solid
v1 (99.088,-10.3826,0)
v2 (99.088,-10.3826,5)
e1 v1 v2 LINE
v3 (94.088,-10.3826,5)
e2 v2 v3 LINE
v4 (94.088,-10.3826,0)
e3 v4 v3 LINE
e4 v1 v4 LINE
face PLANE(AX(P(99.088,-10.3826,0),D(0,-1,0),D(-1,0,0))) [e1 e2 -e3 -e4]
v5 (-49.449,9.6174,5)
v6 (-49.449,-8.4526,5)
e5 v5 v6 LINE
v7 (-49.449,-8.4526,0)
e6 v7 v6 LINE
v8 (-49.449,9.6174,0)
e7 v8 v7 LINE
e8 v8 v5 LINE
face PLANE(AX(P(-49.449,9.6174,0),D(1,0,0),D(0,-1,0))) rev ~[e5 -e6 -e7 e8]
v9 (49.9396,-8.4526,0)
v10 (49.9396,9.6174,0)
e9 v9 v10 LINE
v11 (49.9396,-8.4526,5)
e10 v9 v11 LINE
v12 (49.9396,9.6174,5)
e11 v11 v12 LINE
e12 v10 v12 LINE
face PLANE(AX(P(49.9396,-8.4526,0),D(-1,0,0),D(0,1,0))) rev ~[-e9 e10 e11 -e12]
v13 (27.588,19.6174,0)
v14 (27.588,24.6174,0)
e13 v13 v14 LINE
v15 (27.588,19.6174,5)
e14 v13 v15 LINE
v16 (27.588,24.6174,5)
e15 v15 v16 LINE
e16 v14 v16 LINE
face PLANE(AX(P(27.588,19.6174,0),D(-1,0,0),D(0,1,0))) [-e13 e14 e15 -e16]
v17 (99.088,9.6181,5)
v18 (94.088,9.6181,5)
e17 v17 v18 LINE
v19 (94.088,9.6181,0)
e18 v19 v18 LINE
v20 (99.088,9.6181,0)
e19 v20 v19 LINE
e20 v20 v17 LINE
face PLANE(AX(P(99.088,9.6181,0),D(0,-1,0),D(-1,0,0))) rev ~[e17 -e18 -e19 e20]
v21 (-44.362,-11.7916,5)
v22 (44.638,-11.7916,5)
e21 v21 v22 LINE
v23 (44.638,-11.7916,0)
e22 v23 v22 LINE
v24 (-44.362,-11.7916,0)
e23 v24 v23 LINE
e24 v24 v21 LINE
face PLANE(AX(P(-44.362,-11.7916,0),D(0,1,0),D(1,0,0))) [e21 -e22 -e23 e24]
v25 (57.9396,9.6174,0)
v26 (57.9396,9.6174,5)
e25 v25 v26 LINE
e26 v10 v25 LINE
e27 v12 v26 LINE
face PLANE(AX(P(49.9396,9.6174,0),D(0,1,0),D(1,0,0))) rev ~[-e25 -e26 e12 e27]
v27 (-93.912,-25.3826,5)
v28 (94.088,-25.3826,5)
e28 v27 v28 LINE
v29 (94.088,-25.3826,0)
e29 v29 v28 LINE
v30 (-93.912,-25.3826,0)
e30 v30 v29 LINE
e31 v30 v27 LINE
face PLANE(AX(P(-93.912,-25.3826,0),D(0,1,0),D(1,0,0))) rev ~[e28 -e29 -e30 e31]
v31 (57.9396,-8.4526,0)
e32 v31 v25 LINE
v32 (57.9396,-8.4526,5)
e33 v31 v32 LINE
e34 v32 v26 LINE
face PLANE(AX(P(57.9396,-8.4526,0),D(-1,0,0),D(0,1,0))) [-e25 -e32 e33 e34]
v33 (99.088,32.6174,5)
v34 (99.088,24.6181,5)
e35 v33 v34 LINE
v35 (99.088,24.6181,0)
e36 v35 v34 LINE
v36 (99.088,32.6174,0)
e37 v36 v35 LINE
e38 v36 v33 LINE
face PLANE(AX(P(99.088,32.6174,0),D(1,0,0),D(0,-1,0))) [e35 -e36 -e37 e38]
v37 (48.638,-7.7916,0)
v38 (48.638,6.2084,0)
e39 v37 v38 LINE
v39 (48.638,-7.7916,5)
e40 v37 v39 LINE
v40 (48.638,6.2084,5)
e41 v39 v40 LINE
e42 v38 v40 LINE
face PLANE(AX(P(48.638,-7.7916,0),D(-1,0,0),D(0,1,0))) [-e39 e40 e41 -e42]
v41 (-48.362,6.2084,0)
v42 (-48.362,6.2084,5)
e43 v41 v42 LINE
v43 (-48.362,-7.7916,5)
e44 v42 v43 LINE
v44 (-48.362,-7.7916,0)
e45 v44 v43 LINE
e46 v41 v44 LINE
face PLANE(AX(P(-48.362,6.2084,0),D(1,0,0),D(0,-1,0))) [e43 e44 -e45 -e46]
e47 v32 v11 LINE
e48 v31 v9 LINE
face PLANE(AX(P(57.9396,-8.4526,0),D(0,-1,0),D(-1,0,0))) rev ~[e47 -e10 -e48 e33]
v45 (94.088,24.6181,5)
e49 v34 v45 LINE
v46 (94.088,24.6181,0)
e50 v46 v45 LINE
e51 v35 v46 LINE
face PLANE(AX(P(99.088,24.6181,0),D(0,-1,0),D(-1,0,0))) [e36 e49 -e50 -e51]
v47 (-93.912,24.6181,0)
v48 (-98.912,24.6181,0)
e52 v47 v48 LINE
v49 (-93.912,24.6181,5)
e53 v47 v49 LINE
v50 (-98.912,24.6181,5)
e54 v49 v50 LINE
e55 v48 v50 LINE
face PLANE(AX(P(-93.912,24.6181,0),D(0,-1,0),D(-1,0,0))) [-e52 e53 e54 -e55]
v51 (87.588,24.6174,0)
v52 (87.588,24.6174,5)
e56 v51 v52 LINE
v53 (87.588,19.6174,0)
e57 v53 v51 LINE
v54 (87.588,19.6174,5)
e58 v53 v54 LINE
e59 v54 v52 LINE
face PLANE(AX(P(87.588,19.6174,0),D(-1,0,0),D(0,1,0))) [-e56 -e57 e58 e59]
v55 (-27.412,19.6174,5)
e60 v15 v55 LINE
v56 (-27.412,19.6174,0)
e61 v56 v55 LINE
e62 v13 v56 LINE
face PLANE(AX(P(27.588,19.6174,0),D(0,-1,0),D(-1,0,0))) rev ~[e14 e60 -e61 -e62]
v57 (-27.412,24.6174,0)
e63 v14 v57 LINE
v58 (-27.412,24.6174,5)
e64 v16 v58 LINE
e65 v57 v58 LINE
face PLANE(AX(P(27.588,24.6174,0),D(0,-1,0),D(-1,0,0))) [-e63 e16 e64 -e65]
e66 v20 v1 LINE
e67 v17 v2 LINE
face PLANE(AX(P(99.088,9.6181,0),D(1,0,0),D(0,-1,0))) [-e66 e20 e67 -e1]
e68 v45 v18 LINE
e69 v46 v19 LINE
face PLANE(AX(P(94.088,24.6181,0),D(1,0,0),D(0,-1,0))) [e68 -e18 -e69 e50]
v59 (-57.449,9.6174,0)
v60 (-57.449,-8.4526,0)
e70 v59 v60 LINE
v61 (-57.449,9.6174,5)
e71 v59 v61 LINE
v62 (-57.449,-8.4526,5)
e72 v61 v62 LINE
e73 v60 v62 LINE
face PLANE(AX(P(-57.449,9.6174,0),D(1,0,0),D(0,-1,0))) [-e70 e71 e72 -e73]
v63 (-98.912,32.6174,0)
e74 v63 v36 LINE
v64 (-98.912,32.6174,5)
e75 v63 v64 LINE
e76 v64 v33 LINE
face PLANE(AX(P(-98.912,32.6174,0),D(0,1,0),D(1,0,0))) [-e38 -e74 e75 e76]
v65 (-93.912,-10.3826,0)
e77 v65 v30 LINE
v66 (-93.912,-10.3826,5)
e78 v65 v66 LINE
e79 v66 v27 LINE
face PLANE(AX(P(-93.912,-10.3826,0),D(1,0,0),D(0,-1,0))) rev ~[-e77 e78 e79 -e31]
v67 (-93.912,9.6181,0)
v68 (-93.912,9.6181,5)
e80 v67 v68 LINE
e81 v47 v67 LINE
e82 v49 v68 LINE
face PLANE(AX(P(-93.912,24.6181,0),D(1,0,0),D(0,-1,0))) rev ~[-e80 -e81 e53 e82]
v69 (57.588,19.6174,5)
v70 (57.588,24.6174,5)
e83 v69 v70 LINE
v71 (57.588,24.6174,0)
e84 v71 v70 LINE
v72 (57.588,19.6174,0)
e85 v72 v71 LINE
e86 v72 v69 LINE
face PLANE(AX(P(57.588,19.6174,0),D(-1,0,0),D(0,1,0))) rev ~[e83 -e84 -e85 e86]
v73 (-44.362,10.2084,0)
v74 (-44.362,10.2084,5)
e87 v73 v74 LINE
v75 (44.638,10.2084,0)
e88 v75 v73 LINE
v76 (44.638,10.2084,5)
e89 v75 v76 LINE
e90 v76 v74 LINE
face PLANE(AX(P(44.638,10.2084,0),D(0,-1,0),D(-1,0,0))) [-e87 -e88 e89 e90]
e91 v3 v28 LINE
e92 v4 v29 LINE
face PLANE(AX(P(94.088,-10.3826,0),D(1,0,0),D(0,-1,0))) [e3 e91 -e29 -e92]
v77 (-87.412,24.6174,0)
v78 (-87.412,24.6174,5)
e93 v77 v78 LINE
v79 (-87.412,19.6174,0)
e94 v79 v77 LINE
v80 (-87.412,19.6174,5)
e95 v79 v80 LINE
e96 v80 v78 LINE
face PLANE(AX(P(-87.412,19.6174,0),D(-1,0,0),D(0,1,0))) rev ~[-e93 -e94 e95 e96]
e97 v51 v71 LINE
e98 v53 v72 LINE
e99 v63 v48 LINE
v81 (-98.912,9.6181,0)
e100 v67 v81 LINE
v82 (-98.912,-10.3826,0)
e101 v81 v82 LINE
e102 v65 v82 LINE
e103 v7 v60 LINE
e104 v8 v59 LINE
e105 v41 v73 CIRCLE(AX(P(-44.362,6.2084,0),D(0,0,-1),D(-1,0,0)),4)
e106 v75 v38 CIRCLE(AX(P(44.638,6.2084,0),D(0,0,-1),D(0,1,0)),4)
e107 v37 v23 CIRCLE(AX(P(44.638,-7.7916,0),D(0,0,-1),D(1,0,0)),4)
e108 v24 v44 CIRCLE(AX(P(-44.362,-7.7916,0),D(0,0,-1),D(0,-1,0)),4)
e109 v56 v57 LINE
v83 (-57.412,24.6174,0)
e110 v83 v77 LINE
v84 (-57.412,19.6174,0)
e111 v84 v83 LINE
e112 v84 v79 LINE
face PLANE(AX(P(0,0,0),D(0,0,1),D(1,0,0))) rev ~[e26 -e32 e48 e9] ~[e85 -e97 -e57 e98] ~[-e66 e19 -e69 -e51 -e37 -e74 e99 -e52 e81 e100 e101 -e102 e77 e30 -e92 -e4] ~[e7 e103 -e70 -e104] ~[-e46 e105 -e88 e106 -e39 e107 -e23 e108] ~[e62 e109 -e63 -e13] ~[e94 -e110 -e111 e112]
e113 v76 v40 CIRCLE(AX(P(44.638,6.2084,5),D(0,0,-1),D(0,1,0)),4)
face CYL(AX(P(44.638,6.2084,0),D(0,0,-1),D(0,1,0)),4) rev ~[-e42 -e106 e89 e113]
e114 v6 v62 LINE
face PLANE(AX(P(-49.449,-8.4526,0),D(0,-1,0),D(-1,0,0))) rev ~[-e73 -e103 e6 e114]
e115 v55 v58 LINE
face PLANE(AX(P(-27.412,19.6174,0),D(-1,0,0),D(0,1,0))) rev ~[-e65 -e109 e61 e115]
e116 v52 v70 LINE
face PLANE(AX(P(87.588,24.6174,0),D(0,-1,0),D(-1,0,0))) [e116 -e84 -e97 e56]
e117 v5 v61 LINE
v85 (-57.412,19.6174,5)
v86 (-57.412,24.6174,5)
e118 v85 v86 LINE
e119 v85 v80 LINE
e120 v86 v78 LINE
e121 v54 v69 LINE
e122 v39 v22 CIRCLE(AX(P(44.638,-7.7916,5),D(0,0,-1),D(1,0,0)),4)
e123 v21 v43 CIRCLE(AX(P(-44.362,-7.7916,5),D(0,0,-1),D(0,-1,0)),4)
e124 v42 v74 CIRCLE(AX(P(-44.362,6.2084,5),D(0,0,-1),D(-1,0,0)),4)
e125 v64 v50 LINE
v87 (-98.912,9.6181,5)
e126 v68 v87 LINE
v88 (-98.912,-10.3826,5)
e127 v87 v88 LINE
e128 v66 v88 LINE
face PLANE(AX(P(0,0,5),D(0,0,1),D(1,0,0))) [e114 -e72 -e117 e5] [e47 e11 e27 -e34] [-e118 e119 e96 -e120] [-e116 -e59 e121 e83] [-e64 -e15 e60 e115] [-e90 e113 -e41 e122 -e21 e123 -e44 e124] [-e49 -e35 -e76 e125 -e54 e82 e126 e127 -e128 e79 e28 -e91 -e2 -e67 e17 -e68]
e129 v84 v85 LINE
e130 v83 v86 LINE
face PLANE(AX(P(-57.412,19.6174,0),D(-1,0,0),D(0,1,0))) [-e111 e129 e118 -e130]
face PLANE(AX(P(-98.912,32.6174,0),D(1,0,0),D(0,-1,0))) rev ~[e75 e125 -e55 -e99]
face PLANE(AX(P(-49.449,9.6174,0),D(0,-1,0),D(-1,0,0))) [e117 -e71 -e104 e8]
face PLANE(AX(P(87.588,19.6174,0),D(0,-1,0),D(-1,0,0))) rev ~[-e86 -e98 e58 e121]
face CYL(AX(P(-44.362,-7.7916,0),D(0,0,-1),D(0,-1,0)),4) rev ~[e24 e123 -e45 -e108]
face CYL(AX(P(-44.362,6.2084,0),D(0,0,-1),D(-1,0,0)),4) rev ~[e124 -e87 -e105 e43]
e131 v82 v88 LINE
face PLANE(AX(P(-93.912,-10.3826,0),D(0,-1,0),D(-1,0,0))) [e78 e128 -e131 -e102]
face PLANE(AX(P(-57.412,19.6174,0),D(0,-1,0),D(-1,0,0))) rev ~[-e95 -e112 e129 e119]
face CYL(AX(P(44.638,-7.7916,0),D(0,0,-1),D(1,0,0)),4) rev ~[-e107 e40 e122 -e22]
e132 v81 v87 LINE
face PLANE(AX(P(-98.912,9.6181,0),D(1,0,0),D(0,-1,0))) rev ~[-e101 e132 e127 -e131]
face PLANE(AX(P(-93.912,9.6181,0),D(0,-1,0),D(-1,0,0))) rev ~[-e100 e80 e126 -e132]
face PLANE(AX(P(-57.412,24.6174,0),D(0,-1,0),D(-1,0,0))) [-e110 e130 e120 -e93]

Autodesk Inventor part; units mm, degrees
ref_plane "YZ Plane" through (0, 0, 0) normal (1, 0, 0) x (0, 1, 0)
ref_plane "XZ Plane" through (0, 0, 0) normal (0, 1, 0) x (-1, 0, 0)
ref_plane "XY Plane" through (0, 0, 0) normal (0, 0, 1) x (1, 0, 0)
sketch "Sketch1" plane through (0, 0, 0) normal (0, 0, 1) x (1, 0, 0)
  line L0 (49.9396, 9.6174) -> (57.9396, 9.6174)
  line L1 (57.9396, -8.4526) -> (49.9396, -8.4526)
  line L2 (49.9396, -8.4526) -> (49.9396, 9.6174)
  line L3 (57.9396, -8.4526) -> (57.9396, 9.6174)
  line L4 (-49.449, 9.6174) -> (-49.449, -8.4526)
  line L5 (-49.449, -8.4526) -> (-57.449, -8.4526)
  line L6 (-57.449, 9.6174) -> (-57.449, -8.4526)
  line L7 (-45.5464, 0.7392) -> (-34.5464, 0.7392)
  line L8 (-33.5464, 1.7392) -> (-33.5464, 6.2392)
  line L9 (-34.5464, 7.2392) -> (-45.5464, 7.2392)
  line L10 (-46.5464, 6.2392) -> (-46.5464, 1.7392)
  line L11 (-30.5291, -2.0275) -> (3.4709, -2.0275)
  line L12 (4.4709, -1.0275) -> (4.4709, 3.9725)
  line L13 (-31.5291, 3.9725) -> (-31.5291, -1.0275)
  circle A0 centre (-88.9996, -15.383) radius 1.5
  circle A1 centre (-64.9996, -15.383) radius 1.5
  circle A2 centre (-64.9996, 8.617) radius 1.5
  circle A3 centre (-88.9996, 8.617) radius 1.5
  arc A4 (-82.1595, 3.0543) -> (-82.1595, -9.8202) centre (-76.9996, -3.383) ccw
  arc A5 (-79.9944, -11.0702) -> (-68.8448, -4.633) centre (-76.9996, -3.383) ccw
  arc A6 (-68.8448, -2.133) -> (-79.9944, 4.3043) centre (-76.9996, -3.383) ccw
  arc A7 (-82.0034, -16.8856) -> (-62.804, -5.8009) centre (-76.9996, -3.383) ccw
  arc A8 (-63.7898, -2.133) -> (-62.804, -0.9651) centre (-63.7898, -1.133) ccw
  arc A9 (-62.804, -0.9651) -> (-82.0034, 10.1197) centre (-76.9996, -3.383) ccw
  arc A10 (-82.0034, 10.1197) -> (-82.5219, 8.682) centre (-81.6559, 9.182) ccw
  line L14 (-82.5219, 8.682) -> (-79.9944, 4.3043)
  line L15 (-82.1595, 3.0543) -> (-84.687, 7.432)
  arc A11 (-84.687, 7.432) -> (-86.1913, 7.7018) centre (-85.553, 6.932) ccw
  arc A12 (-86.1913, 7.7018) -> (-86.1913, -14.4677) centre (-76.9996, -3.383) ccw
  arc A13 (-86.1913, -14.4677) -> (-84.687, -14.1979) centre (-85.553, -13.6979) ccw
  line L16 (-84.687, -14.1979) -> (-82.1595, -9.8202)
  arc A14 (-82.5219, -15.4479) -> (-82.0034, -16.8856) centre (-81.6559, -15.9479) ccw
  line L17 (-79.9944, -11.0702) -> (-82.5219, -15.4479)
  line L18 (-63.7898, -4.633) -> (-68.8448, -4.633)
  arc A15 (-62.804, -5.8009) -> (-63.7898, -4.633) centre (-63.7898, -5.633) ccw
  line L19 (-68.8448, -2.133) -> (-63.7898, -2.133)
  circle A16 centre (64.9975, -15.3839) radius 1.5
  circle A17 centre (88.9975, -15.3839) radius 1.5
  circle A18 centre (88.9975, 8.6161) radius 1.5
  circle A19 centre (64.9975, 8.6161) radius 1.5
  line L20 (71.4751, 8.6811) -> (74.0026, 4.3033)
  arc A20 (71.9936, 10.1188) -> (71.4751, 8.6811) centre (72.3411, 9.1811) ccw
  arc A21 (91.193, -0.966) -> (71.9936, 10.1188) centre (76.9975, -3.3839) ccw
  arc A22 (85.1522, -2.1339) -> (74.0026, 4.3033) centre (76.9975, -3.3839) ccw
  line L21 (85.1522, -2.1339) -> (90.2072, -2.1339)
  arc A23 (90.2072, -2.1339) -> (91.193, -0.966) centre (90.2072, -1.1339) ccw
  arc A24 (91.193, -5.8018) -> (90.2072, -4.6339) centre (90.2072, -5.6339) ccw
  arc A25 (71.9936, -16.8866) -> (91.193, -5.8018) centre (76.9975, -3.3839) ccw
  arc A26 (74.0026, -11.0711) -> (85.1522, -4.6339) centre (76.9975, -3.3839) ccw
  line L22 (74.0026, -11.0711) -> (71.4751, -15.4489)
  line L23 (69.31, -14.1989) -> (71.8375, -9.8211)
  arc A27 (67.8057, -14.4686) -> (69.31, -14.1989) centre (68.444, -13.6989) ccw
  arc A28 (67.8057, 7.7009) -> (67.8057, -14.4686) centre (76.9975, -3.3839) ccw
  arc A29 (71.8375, 3.0533) -> (71.8375, -9.8211) centre (76.9975, -3.3839) ccw
  line L24 (71.8375, 3.0533) -> (69.31, 7.4311)
  arc A30 (69.31, 7.4311) -> (67.8057, 7.7009) centre (68.444, 6.9311) ccw
  arc A31 (71.4751, -15.4489) -> (71.9936, -16.8866) centre (72.3411, -15.9489) ccw
  line L25 (90.2072, -4.6339) -> (85.1522, -4.6339)
  line L26 (-49.449, 9.6174) -> (-57.449, 9.6174)
  line L27 (3.4709, 4.9725) -> (-30.5291, 4.9725)
  arc A32 (-34.5464, 0.7392) -> (-33.5464, 1.7392) centre (-34.5464, 1.7392) ccw
  arc A33 (-33.5464, 6.2392) -> (-34.5464, 7.2392) centre (-34.5464, 6.2392) ccw
  arc A34 (-45.5464, 7.2392) -> (-46.5464, 6.2392) centre (-45.5464, 6.2392) ccw
  arc A35 (-46.5464, 1.7392) -> (-45.5464, 0.7392) centre (-45.5464, 1.7392) ccw
  arc A36 (-31.5291, -1.0275) -> (-30.5291, -2.0275) centre (-30.5291, -1.0275) ccw
  arc A37 (-30.5291, 4.9725) -> (-31.5291, 3.9725) centre (-30.5291, 3.9725) ccw
  arc A38 (4.4709, 3.9725) -> (3.4709, 4.9725) centre (3.4709, 3.9725) ccw
  arc A39 (3.4709, -2.0275) -> (4.4709, -1.0275) centre (3.4709, -1.0275) ccw
  line L28 (-57.412, 19.6174) -> (-87.412, 19.6174) projected
  line L29 (-87.412, 19.6174) -> (-87.412, 24.6174) projected
  line L30 (-57.412, 24.6174) -> (-87.412, 24.6174) projected
  line L31 (-57.412, 19.6174) -> (-57.412, 24.6174) projected
  line L32 (27.588, 19.6174) -> (-27.412, 19.6174) projected
  line L33 (-27.412, 19.6174) -> (-27.412, 24.6174) projected
  line L34 (27.588, 24.6174) -> (-27.412, 24.6174) projected
  line L35 (27.588, 19.6174) -> (27.588, 24.6174) projected
  line L36 (87.588, 19.6174) -> (57.588, 19.6174) projected
  line L37 (57.588, 19.6174) -> (57.588, 24.6174) projected
  line L38 (87.588, 24.6174) -> (57.588, 24.6174) projected
  line L39 (87.588, 19.6174) -> (87.588, 24.6174) projected
  line L40 (94.088, -10.3826) -> (94.088, -25.3826) projected
  line L41 (99.088, -10.3826) -> (94.088, -10.3826) projected
  line L42 (99.088, 9.6181) -> (99.088, -10.3826) projected
  line L43 (99.088, 9.6181) -> (94.088, 9.6181) projected
  line L44 (94.088, 24.6181) -> (94.088, 9.6181) projected
  line L45 (99.088, 24.6181) -> (94.088, 24.6181) projected
  line L46 (99.088, 32.6174) -> (99.088, 24.6181) projected
  line L47 (-98.912, 32.6174) -> (-98.912, 24.6181) projected
  line L48 (-93.912, 24.6181) -> (-98.912, 24.6181) projected
  line L49 (-93.912, 24.6181) -> (-93.912, 9.6181) projected
  line L50 (-93.912, 9.6181) -> (-98.912, 9.6181) projected
  line L51 (-98.912, 9.6181) -> (-98.912, -10.3826) projected
  line L52 (-93.912, -10.3826) -> (-98.912, -10.3826) projected
  line L53 (-93.912, -10.3826) -> (-93.912, -25.3826) projected
  line L54 (-98.912, 32.6174) -> (99.088, 32.6174)
  line L55 (-93.912, -25.3826) -> (94.088, -25.3826)
  arc A40 (15.5314, -3.6707) -> (16.5314, -2.6707) centre (15.5314, -2.6707) ccw
  arc A41 (16.5314, 5.8293) -> (15.5314, 6.8293) centre (15.5314, 5.8293) ccw
  line L56 (5.7314, -2.6707) -> (5.7314, 5.8293)
  arc A42 (5.7314, -2.6707) -> (6.7314, -3.6707) centre (6.7314, -2.6707) ccw
  arc A43 (6.7314, 6.8293) -> (5.7314, 5.8293) centre (6.7314, 5.8293) ccw
  line L57 (6.7314, 6.8293) -> (15.5314, 6.8293)
  line L58 (6.7314, -3.6707) -> (15.5314, -3.6707)
  line L59 (23.4252, 0.4179) -> (23.4252, -9.0821)
  line L60 (37.4252, 1.4179) -> (24.4252, 1.4179)
  line L61 (24.4252, -10.0821) -> (37.4252, -10.0821)
  line L62 (38.4252, -9.0821) -> (38.4252, 0.4179)
  line L63 (16.5314, -2.6707) -> (16.5314, 5.8293)
  arc A44 (24.4252, 1.4179) -> (23.4252, 0.4179) centre (24.4252, 0.4179) ccw
  arc A45 (23.4252, -9.0821) -> (24.4252, -10.0821) centre (24.4252, -9.0821) ccw
  arc A46 (37.4252, -10.0821) -> (38.4252, -9.0821) centre (37.4252, -9.0821) ccw
  arc A47 (38.4252, 0.4179) -> (37.4252, 1.4179) centre (37.4252, 0.4179) ccw
  point P0 (-50.5662, -19.8134)
  point P1 (94.0004, -33.3808)
  point P2 (-46.5464, 0.7392)
  point P3 (-33.5464, 7.2392)
  point P4 (-33.5464, 0.7392)
  point P5 (-46.5464, 7.2392)
  point P6 (-31.5291, -2.0275)
  point P7 (4.4709, 4.9725)
  point P8 (4.4709, -2.0275)
  point P9 (-31.5291, 4.9725)
  point P10 (3.4709, -1.0275)
  point P11 (23.4252, 1.4179)
  point P12 (5.7314, -3.6707)
  point P13 (16.5314, 6.8293)
  point P14 (16.5314, -3.6707)
  point P15 (23.4252, -10.0821)
  point P16 (38.4252, -10.0821)
  point P17 (38.4252, 1.4179)
  dimension "d20" = 8
  dimension "d47" = 8
  dimension "d53" = 6.5
  dimension "d54" = 13
  dimension "d56" = 36
  dimension "d59" = 1
  dimension "d60" = 7
  dimension "d73" = 10.5
  dimension "d74" = 10.8
  dimension "d75" = 11.5
  dimension "d76" = 15
extrude "Extrusion2" add sketch "Sketch1" along normal blind 5
sketch "Sketch2" plane through (0, 0, 0) normal (0, 0, -1) x (-1, 0, 0)
  line L0 (92.3846, -19.3253) -> (61.6146, -19.3253)
  line L1 (61.6146, -19.3253) -> (61.6146, 12.5593)
  line L2 (61.6146, 12.5593) -> (92.3846, 12.5593)
  line L3 (92.3846, 12.5593) -> (92.3846, -19.3253)
  arc A0 (82.1595, -9.8202) -> (82.1595, 3.0543) centre (76.9996, -3.383) ccw projected
  line L4 (92.3846, -19.3253) -> (61.6146, 12.5593) construction
  line L5 (61.6146, -19.3253) -> (92.3846, 12.5593) construction
  line L6 (-61.3514, -21.1002) -> (-92.6435, -21.1002)
  line L7 (-92.6435, -21.1002) -> (-92.6435, 14.3324)
  line L8 (-92.6435, 14.3324) -> (-61.3514, 14.3324)
  line L9 (-61.3514, 14.3324) -> (-61.3514, -21.1002)
  arc A1 (-67.8057, -14.4686) -> (-67.8057, 7.7009) centre (-76.9975, -3.3839) ccw projected
  line L10 (-61.3514, -21.1002) -> (-92.6435, 14.3324) construction
  line L11 (-92.6435, -21.1002) -> (-61.3514, 14.3324) construction
  point P0 (0, 0)
extrude "Extrusion3" add sketch "Sketch2" against normal blind 5
sketch "Sketch3" plane through (0, 0, 0) normal (0, 0, -1) x (-1, 0, 0)
  line L0 (44.362, -11.7916) -> (-44.638, -11.7916)
  line L1 (-48.638, -7.7916) -> (-48.638, 6.2084)
  line L2 (-44.638, 10.2084) -> (44.362, 10.2084)
  line L3 (48.362, 6.2084) -> (48.362, -7.7916)
  line L4 (48.362, -11.7916) -> (-48.638, 10.2084) construction
  line L5 (-48.638, -11.7916) -> (48.362, 10.2084) construction
  arc A0 (44.362, -11.7916) -> (48.362, -7.7916) centre (44.362, -7.7916) ccw
  arc A1 (-48.638, -7.7916) -> (-44.638, -11.7916) centre (-44.638, -7.7916) ccw
  arc A2 (-44.638, 10.2084) -> (-48.638, 6.2084) centre (-44.638, 6.2084) ccw
  arc A3 (48.362, 6.2084) -> (44.362, 10.2084) centre (44.362, 6.2084) ccw
  line L6 (-99.088, -10.3826) -> (-99.088, 9.6181) projected
  line L7 (-99.088, 32.6174) -> (98.912, 32.6174) projected
  line L8 (98.912, 9.6181) -> (98.912, -10.3826) projected
  point P0 (0, 0)
  point P1 (-0.138, -0.7916)
  point P2 (-48.638, -0.7916)
  dimension "d79" = 97
  dimension "d80" = 22
  dimension "d81" = 4
  dimension "d83" = 22.409
  dimension "d84" = 50.55
extrude "Extrusion4" cut sketch "Sketch3" against normal blind 5
sketch "Sketch4" plane through (0, 0, 0) normal (0, 0, -1) x (-1, 0, 0)
  arc A0 (-44.638, 10.2084) -> (-48.638, 6.2084) centre (-44.638, 6.2084) ccw projected
  line L0 (-44.638, 10.2084) -> (44.362, 10.2084) projected
  arc A1 (48.362, 6.2084) -> (44.362, 10.2084) centre (44.362, 6.2084) ccw projected
  line L1 (48.362, 6.2084) -> (48.362, -7.7916) projected
  arc A2 (44.362, -11.7916) -> (48.362, -7.7916) centre (44.362, -7.7916) ccw projected
  line L2 (44.362, -11.7916) -> (-44.638, -11.7916) projected
  arc A3 (-48.638, -7.7916) -> (-44.638, -11.7916) centre (-44.638, -7.7916) ccw projected
  line L3 (-48.638, -7.7916) -> (-48.638, 6.2084) projected
  line L4 (-94.088, 9.6181) -> (-94.088, 24.6181) projected
  line L5 (-99.088, 9.6181) -> (-94.088, 9.6181) projected
  line L6 (-99.088, -10.3826) -> (-99.088, 9.6181) projected
  line L7 (-94.088, -10.3826) -> (-99.088, -10.3826) projected
  line L8 (-94.088, -25.3826) -> (-94.088, -10.3826) projected
  line L9 (93.912, -25.3826) -> (-94.088, -25.3826) projected
  line L10 (93.912, -10.3826) -> (93.912, -25.3826) projected
  line L11 (98.912, -10.3826) -> (93.912, -10.3826) projected
  line L12 (98.912, 9.6181) -> (98.912, -10.3826) projected
  line L13 (93.912, 9.6181) -> (98.912, 9.6181) projected
  line L14 (93.912, 24.6181) -> (93.912, 9.6181) projected
  line L15 (98.912, 24.6181) -> (93.912, 24.6181) projected
  line L16 (98.912, 32.6174) -> (98.912, 24.6181) projected
  line L17 (-99.088, 32.6174) -> (98.912, 32.6174) projected
  line L18 (-99.088, 24.6181) -> (-99.088, 32.6174) projected
  line L19 (-94.088, 24.6181) -> (-99.088, 24.6181) projected
  line L20 (-87.588, 24.6174) -> (-87.588, 19.6174) projected
  line L21 (-57.588, 24.6174) -> (-87.588, 24.6174) projected
  line L22 (-57.588, 19.6174) -> (-57.588, 24.6174) projected
  line L23 (-87.588, 19.6174) -> (-57.588, 19.6174) projected
  line L24 (-27.588, 24.6174) -> (-27.588, 19.6174) projected
  line L25 (27.412, 24.6174) -> (-27.588, 24.6174) projected
  line L26 (27.412, 19.6174) -> (27.412, 24.6174) projected
  line L27 (-27.588, 19.6174) -> (27.412, 19.6174) projected
  line L28 (57.412, 24.6174) -> (57.412, 19.6174) projected
  line L29 (87.412, 24.6174) -> (57.412, 24.6174) projected
  line L30 (87.412, 19.6174) -> (87.412, 24.6174) projected
  line L31 (57.412, 19.6174) -> (87.412, 19.6174) projected
  line L32 (57.449, 9.6174) -> (49.449, 9.6174) projected
  line L33 (57.449, -8.4526) -> (57.449, 9.6174) projected
  line L34 (49.449, -8.4526) -> (57.449, -8.4526) projected
  line L35 (49.449, 9.6174) -> (49.449, -8.4526) projected
  line L36 (-57.9396, -8.4526) -> (-49.9396, -8.4526) projected
  line L37 (-57.9396, 9.6174) -> (-57.9396, -8.4526) projected
  line L38 (-49.9396, 9.6174) -> (-57.9396, 9.6174) projected
  line L39 (-49.9396, -8.4526) -> (-49.9396, 9.6174) projected
  point P0 (0, 0)
properties part number "case top back" material "Lead"
